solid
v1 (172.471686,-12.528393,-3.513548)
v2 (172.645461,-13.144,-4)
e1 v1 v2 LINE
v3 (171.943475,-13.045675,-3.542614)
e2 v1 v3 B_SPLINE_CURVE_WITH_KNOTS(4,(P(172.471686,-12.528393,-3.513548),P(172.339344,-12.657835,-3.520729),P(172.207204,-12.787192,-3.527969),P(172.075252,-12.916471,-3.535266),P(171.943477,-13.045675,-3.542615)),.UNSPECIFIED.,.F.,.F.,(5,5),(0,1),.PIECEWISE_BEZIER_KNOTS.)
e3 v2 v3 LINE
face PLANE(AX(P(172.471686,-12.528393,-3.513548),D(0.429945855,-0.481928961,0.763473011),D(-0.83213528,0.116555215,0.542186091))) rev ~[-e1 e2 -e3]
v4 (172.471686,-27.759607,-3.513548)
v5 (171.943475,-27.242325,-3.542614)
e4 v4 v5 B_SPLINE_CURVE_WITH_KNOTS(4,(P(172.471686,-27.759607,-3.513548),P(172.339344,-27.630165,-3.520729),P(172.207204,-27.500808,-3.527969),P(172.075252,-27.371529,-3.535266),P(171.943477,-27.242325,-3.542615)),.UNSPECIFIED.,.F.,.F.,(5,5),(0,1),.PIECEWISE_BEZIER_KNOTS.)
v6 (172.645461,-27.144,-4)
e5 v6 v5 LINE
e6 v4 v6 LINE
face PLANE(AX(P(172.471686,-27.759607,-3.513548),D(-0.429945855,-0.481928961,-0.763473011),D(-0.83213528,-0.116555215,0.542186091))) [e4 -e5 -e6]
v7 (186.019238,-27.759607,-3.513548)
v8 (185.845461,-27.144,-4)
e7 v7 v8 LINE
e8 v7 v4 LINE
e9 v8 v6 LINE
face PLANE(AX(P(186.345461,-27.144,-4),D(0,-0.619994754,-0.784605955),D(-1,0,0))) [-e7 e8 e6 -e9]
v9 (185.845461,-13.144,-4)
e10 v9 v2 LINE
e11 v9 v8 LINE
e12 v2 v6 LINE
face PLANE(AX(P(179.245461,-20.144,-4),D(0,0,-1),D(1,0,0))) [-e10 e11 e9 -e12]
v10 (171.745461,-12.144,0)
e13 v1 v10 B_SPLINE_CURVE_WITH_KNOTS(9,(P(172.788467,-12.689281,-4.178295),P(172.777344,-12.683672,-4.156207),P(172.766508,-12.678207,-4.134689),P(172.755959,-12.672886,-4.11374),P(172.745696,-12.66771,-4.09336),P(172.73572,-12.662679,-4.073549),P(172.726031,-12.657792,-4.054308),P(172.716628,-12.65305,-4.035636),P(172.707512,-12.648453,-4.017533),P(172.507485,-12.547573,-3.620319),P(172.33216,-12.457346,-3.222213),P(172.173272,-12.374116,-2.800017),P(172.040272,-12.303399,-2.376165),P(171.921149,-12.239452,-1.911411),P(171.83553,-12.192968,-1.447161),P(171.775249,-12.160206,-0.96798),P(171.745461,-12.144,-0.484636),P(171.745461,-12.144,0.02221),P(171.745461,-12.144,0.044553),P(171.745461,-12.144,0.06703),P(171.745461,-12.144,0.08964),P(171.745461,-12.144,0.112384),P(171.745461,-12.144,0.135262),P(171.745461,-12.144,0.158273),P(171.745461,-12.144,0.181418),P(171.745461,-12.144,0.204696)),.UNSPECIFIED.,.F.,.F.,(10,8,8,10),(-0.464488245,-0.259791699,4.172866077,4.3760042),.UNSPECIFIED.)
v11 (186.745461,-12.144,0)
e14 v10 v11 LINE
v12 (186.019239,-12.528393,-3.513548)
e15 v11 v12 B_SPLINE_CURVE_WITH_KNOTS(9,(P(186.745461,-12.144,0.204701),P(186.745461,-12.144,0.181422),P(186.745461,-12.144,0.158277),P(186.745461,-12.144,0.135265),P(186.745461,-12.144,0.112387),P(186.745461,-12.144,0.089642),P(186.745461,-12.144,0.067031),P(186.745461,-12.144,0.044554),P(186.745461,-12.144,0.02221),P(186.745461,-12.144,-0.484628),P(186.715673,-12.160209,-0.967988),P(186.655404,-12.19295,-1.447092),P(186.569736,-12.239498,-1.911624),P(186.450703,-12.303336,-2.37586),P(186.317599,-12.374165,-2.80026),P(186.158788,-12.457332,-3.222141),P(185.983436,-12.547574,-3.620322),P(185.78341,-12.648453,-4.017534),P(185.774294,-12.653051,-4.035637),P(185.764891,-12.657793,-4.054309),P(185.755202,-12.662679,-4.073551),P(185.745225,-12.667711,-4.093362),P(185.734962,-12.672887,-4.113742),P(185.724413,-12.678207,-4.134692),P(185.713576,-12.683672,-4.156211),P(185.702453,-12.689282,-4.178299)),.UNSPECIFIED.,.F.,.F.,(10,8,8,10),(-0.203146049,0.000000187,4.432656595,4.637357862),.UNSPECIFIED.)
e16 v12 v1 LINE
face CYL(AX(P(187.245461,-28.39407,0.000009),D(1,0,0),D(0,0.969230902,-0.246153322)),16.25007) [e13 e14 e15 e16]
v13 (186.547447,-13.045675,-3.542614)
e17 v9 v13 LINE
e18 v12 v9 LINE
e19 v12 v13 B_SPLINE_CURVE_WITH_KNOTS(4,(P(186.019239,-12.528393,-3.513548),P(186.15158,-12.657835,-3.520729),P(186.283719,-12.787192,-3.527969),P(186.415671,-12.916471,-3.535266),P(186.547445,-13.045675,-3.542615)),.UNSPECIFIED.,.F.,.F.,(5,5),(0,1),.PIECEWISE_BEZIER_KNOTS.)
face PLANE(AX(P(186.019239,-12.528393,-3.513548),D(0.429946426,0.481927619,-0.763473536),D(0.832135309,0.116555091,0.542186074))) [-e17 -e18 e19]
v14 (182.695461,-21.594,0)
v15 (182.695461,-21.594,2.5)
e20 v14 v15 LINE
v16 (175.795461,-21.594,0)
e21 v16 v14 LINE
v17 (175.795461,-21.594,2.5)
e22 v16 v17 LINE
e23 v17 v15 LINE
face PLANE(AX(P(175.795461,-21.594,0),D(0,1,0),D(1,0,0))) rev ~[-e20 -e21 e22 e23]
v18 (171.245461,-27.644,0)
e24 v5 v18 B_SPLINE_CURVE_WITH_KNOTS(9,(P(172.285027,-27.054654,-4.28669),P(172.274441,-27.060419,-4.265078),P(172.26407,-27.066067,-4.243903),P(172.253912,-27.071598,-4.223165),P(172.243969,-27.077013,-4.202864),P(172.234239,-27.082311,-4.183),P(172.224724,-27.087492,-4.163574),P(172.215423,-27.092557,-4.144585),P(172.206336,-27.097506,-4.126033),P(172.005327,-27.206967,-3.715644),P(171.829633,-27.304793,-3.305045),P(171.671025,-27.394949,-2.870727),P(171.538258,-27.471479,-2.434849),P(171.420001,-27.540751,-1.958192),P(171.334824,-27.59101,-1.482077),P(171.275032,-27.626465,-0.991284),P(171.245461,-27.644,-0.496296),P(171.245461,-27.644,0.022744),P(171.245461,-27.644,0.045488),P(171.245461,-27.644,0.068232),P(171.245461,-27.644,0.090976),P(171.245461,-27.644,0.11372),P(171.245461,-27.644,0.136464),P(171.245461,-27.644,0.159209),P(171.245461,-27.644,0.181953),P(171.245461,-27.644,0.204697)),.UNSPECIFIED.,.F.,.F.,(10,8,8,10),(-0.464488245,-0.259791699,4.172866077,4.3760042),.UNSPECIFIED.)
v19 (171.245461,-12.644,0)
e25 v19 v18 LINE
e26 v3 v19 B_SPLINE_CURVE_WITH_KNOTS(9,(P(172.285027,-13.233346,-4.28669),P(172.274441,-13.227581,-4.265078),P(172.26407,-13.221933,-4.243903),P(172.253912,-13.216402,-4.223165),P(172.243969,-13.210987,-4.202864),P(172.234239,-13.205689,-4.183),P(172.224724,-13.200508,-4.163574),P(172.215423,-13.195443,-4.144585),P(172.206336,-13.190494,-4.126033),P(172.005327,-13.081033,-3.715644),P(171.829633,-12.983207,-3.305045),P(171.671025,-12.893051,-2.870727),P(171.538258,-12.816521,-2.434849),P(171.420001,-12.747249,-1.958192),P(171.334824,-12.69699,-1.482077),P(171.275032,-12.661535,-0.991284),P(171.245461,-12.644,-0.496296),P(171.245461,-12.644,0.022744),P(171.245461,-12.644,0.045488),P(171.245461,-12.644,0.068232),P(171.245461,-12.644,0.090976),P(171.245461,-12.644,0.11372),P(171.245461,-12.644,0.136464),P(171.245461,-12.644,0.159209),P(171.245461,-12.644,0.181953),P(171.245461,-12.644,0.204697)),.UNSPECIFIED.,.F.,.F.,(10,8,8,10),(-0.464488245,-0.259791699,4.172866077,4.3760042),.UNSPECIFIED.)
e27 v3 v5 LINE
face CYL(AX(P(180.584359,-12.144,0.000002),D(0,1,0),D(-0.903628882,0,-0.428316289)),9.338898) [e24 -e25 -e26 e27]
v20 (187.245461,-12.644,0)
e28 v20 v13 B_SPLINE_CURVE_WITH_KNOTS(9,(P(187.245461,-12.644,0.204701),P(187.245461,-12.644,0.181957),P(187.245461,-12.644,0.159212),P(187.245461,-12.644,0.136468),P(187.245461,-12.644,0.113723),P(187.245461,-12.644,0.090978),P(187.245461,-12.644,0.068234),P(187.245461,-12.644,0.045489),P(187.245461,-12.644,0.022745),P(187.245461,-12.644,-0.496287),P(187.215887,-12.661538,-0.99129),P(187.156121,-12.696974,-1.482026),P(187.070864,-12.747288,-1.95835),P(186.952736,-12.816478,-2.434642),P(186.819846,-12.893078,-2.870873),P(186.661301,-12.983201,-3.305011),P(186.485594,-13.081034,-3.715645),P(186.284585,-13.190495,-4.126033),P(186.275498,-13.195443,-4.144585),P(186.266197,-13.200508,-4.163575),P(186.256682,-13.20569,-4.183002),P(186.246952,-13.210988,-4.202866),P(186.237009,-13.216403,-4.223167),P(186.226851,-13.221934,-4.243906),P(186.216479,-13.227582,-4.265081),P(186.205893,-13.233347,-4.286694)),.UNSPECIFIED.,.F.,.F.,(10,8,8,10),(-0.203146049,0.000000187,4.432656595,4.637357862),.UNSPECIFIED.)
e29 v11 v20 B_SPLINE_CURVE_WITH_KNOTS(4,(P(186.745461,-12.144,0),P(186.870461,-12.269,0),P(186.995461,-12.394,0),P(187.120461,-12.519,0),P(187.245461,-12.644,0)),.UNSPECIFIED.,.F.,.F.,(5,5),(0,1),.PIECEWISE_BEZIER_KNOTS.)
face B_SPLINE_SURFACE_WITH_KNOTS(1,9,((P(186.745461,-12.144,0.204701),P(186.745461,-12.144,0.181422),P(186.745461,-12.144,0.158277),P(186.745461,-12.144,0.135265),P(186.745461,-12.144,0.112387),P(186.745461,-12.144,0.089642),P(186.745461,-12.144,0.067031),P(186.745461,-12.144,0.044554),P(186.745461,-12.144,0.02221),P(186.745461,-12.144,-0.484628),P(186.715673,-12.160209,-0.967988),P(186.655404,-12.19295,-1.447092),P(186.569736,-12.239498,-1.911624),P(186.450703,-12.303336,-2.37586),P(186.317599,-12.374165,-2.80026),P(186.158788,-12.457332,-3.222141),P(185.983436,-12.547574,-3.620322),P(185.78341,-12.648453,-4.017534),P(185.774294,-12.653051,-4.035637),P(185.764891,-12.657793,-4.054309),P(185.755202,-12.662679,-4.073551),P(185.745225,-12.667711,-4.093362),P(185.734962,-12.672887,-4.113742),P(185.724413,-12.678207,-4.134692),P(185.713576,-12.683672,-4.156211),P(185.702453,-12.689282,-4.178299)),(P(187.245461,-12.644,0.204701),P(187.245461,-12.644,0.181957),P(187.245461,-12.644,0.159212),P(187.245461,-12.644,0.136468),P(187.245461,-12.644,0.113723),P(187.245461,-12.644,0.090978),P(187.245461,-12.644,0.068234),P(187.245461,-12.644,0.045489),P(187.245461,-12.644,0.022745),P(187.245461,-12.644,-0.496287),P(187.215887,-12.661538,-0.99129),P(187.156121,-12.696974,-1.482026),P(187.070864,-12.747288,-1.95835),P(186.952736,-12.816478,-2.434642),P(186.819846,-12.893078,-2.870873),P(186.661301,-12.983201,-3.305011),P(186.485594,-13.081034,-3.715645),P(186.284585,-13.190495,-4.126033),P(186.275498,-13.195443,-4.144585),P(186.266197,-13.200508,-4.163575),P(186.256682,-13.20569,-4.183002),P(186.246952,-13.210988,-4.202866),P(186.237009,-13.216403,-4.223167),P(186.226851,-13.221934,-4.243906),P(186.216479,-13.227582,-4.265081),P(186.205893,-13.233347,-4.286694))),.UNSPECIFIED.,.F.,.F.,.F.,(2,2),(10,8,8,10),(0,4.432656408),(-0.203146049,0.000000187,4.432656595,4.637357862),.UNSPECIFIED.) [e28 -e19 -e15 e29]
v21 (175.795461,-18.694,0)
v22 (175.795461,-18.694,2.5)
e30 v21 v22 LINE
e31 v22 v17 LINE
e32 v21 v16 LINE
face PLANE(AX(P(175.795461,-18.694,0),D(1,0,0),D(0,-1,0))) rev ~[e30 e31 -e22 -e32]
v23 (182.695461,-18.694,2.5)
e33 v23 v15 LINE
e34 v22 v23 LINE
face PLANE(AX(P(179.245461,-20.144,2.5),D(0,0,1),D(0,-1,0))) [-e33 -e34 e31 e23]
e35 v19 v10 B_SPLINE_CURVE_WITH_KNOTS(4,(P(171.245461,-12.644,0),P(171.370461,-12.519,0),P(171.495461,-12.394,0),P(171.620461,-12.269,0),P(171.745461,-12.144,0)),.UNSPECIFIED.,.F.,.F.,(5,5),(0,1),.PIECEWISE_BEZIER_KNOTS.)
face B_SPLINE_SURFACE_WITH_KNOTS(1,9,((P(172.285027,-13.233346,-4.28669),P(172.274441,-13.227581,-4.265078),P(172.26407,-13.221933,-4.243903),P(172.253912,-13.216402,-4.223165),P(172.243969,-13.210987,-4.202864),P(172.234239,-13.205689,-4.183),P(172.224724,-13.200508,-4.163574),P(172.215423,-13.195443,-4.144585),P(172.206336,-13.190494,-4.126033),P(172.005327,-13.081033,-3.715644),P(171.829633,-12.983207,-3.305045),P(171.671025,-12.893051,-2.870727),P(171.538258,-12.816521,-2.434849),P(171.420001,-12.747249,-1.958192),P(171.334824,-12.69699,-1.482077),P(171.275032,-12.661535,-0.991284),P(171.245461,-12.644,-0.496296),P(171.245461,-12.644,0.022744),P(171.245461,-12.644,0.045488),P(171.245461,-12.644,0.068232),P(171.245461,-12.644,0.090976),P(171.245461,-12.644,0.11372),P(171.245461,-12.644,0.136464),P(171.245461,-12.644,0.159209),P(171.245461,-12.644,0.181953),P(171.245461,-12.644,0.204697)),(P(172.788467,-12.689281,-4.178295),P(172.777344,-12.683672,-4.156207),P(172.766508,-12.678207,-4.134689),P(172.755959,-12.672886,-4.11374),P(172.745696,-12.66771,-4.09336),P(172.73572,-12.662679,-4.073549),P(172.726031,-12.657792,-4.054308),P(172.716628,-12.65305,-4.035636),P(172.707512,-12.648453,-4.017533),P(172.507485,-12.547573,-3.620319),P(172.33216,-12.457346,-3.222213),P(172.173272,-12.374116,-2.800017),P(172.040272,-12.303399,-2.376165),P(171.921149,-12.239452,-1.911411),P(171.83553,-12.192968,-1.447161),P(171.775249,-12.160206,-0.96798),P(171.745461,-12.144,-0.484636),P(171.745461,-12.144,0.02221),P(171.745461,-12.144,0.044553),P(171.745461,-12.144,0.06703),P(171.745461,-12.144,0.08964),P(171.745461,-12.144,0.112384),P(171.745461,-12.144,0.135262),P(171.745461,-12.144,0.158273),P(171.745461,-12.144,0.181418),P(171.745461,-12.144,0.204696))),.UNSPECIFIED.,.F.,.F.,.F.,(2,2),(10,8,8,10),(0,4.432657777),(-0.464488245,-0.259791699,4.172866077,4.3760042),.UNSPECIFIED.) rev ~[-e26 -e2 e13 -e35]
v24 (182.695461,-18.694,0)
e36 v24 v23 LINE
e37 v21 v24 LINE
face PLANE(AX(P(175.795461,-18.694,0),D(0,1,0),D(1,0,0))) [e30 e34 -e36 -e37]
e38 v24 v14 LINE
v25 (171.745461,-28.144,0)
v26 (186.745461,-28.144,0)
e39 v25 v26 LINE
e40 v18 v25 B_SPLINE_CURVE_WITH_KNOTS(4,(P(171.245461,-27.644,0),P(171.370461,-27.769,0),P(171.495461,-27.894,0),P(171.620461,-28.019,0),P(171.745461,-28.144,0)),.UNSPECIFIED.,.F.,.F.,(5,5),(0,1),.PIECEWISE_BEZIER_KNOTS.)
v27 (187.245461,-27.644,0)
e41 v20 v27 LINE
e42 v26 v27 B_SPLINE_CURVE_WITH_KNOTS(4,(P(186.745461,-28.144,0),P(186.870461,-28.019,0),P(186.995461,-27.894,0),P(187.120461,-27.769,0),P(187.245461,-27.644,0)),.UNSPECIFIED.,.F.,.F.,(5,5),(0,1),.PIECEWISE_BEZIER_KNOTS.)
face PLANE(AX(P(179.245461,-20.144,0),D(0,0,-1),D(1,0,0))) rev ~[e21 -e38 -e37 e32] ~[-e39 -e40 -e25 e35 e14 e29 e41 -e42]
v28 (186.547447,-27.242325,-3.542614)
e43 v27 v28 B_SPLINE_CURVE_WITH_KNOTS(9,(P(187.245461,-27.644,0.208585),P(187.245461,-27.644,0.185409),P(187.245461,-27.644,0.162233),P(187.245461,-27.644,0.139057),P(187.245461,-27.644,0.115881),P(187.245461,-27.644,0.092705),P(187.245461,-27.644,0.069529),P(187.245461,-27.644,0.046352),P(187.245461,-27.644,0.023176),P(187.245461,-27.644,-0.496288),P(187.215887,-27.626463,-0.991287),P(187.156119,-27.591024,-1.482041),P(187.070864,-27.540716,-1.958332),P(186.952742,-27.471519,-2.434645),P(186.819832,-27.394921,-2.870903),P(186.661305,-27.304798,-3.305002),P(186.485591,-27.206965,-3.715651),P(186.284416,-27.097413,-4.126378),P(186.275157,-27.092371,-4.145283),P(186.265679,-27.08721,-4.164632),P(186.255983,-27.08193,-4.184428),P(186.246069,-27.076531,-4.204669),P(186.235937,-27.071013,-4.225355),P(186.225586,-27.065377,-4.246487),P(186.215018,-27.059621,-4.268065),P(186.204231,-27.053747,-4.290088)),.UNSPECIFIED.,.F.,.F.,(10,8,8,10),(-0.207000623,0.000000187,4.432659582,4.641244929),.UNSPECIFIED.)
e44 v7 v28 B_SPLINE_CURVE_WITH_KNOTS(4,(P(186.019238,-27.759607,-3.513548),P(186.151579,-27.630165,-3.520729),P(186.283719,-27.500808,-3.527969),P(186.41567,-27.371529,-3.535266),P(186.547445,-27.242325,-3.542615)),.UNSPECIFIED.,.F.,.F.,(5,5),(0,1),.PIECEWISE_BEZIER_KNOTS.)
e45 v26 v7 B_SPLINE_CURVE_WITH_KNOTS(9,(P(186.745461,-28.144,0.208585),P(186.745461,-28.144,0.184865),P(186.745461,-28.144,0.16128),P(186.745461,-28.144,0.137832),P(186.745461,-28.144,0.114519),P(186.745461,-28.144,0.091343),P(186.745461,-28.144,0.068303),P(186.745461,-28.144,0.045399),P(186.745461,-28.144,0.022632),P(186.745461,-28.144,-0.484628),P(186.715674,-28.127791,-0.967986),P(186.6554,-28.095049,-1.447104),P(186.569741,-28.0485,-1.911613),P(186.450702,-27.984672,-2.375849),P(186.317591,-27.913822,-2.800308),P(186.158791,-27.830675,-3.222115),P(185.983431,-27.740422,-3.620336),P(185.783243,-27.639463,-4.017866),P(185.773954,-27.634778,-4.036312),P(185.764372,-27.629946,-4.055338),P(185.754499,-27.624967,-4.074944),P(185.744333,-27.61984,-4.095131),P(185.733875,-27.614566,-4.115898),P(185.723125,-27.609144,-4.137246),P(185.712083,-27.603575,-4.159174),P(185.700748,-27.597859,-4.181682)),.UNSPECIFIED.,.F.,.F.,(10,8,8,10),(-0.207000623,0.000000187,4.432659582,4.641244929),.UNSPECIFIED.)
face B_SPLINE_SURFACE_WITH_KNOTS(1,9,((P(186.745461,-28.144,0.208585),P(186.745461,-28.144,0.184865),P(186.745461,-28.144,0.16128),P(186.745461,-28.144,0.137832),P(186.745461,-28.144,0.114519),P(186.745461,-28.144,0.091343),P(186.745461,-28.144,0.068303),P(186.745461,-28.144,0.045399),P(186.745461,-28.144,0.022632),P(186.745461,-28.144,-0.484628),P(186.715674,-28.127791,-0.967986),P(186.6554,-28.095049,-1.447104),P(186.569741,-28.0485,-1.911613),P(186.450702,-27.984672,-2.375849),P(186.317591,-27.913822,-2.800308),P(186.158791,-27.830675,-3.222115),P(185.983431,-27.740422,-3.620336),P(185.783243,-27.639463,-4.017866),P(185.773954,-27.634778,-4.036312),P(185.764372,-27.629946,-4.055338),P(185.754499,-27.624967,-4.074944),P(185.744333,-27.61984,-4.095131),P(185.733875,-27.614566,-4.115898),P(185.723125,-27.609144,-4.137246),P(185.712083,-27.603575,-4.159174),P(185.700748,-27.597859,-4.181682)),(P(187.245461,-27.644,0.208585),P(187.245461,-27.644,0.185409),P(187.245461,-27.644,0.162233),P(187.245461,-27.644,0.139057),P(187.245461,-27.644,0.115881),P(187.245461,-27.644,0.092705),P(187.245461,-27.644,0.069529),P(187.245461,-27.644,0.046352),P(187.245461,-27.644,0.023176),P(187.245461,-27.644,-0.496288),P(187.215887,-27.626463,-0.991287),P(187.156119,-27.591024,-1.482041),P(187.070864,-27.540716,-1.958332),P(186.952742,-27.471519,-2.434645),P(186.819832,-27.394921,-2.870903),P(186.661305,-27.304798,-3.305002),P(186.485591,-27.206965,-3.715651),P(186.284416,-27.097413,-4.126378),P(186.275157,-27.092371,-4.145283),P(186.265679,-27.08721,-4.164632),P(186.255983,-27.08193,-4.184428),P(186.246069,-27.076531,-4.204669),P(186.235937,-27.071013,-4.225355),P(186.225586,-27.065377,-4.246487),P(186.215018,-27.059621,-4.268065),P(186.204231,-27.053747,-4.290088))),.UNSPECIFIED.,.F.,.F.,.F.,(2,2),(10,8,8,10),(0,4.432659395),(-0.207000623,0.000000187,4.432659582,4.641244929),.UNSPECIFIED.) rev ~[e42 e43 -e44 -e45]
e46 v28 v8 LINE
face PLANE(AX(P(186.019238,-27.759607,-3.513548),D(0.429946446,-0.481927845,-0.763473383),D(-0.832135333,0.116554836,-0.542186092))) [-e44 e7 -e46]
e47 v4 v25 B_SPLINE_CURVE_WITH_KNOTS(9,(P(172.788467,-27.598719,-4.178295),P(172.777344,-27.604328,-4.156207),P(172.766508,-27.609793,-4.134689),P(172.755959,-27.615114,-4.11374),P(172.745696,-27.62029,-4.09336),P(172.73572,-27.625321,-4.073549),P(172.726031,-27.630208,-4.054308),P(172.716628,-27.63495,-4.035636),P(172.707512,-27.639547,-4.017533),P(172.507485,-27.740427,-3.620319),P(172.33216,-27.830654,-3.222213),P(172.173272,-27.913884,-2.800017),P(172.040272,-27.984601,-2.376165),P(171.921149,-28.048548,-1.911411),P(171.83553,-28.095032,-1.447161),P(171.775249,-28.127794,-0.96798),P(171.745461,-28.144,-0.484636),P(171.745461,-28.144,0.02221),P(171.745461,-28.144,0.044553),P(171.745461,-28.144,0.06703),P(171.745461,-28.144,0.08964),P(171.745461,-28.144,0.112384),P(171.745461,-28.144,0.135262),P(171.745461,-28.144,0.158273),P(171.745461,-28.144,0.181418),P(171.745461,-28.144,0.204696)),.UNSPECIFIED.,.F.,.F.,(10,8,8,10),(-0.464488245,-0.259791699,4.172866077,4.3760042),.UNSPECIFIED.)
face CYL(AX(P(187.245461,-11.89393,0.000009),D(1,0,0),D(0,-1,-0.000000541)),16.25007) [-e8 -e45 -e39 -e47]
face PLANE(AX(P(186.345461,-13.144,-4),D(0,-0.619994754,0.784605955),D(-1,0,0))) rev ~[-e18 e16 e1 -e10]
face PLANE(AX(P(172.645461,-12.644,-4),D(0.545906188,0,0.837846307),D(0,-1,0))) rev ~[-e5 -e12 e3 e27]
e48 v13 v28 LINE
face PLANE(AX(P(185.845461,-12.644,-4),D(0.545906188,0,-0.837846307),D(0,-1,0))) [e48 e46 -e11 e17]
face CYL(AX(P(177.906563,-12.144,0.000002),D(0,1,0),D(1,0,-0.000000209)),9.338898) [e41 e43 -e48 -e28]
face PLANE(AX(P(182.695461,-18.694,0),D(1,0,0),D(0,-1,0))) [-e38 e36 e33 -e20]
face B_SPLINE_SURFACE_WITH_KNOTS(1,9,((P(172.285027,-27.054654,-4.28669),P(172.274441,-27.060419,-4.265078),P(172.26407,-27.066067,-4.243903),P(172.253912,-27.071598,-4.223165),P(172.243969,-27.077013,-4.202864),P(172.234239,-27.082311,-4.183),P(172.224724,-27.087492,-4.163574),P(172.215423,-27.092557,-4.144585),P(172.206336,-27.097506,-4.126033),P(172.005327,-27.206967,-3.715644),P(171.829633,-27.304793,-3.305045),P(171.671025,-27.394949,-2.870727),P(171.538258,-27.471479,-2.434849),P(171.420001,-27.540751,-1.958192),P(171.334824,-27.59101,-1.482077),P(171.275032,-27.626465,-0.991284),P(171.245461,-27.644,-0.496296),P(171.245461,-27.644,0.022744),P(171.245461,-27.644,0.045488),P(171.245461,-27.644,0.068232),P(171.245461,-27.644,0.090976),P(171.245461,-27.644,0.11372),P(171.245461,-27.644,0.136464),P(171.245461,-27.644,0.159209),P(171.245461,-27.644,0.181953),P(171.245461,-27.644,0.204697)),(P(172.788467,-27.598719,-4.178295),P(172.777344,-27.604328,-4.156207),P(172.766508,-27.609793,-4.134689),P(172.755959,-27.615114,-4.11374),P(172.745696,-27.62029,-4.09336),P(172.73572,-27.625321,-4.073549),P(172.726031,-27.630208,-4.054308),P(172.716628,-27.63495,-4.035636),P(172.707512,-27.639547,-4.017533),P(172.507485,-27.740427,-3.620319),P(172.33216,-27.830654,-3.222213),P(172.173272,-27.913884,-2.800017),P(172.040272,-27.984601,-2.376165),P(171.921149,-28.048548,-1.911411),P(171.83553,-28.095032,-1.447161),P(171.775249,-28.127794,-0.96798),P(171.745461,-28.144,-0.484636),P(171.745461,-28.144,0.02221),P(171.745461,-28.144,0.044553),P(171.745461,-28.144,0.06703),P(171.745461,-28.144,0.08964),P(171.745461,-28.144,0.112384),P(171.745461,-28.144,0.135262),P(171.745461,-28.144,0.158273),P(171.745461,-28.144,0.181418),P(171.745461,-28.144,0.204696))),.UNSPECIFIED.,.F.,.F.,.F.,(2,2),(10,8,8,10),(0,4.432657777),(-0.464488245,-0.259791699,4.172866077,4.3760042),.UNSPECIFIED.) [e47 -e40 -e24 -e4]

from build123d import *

# Parameters (mm, degrees)
SKETCH012_W             = 16
SKETCH012_H             = 16
PAD001_DEPTH            = 4
POCKET011_DEPTH         = 16.001
POCKET012_DEPTH         = 16.001
SKETCH015_W             = 2.9
SKETCH015_H             = 6.9
PAD002_DEPTH            = 2.5
CHAMFER_SIZE            = 0.5
BODY002_PLACEMENT_ANGLE = 180


with BuildPart() as part:
    # Sketch012 (on XY_Plane002 of Origin004) → Pad001 (new body)
    with BuildSketch(Plane.XY):
        with Locations((130.823461, 8)):
            Rectangle(SKETCH012_W, SKETCH012_H)
    extrude(amount=PAD001_DEPTH)

    # Sketch013 (on Face1 of Pad001) → Pocket011 (cut, through all)
    with BuildSketch(Plane.XZ):
        with BuildLine():
            ThreePointArc((123.723461, 4), (123.051239, 2.05), (122.823461, 0))
            Line((122.823461, 4), (122.823461, 0))
            Line((123.723461, 4), (122.823461, 4))
        make_face()
        with BuildLine():
            ThreePointArc((138.823461, 0), (138.595683, 2.05), (137.923461, 4))
            Line((137.923461, 4), (138.823461, 4))
            Line((138.823461, 4), (138.823461, 0))
        make_face()
    extrude(amount=-POCKET011_DEPTH, mode=Mode.SUBTRACT)

    # Sketch014 (on Face2 of Pad001) → Pocket012 (cut, through all)
    with BuildSketch(Plane.YZ.offset(138.823461)):
        with BuildLine():
            ThreePointArc((0.5, 4), (0.125485, 2.015564), (0, 0))
            Line((0, 0), (0, 4))
            Line((0.5, 4), (0, 4))
        make_face()
        with BuildLine():
            ThreePointArc((16, 0), (15.874515, 2.015564), (15.5, 4))
            Line((15.5, 4), (16, 4))
            Line((16, 4), (16, 0))
        make_face()
    extrude(amount=-POCKET012_DEPTH, mode=Mode.SUBTRACT)

    # Sketch015 → Pad002 (join)
    with BuildSketch(Plane(origin=(127.960214, 8.35, 0), x_dir=(0, 1, 0), z_dir=(0, 0, -1))):
        with Locations((-0.35, 2.863247)):
            Rectangle(SKETCH015_W, SKETCH015_H)
    extrude(amount=PAD002_DEPTH)

    # Chamfer
    chamfer_edges = [part.edges().sort_by_distance(p)[0] for p in [
        (123.054343, 0.131581, 2.06375),
        (138.592578, 0.131581, 2.06375),
        (138.592578, 15.868419, 2.06375),
        (123.054343, 15.868419, 2.06375),
        (123.723461, 8, 4),
        (130.823461, 15.5, 4),
        (137.923461, 8, 4),
        (130.823461, 0.5, 4),
    ]]
    chamfer(chamfer_edges, length=CHAMFER_SIZE)


with BuildPart() as part_1:
    # Body002 placement: moved
    add(part.part.moved(Location((48.422, -12.144, 0))).rotate(Axis((48.422, -12.144, 0), (1, 0, 0)), BODY002_PLACEMENT_ANGLE))


solid = part_1.part
